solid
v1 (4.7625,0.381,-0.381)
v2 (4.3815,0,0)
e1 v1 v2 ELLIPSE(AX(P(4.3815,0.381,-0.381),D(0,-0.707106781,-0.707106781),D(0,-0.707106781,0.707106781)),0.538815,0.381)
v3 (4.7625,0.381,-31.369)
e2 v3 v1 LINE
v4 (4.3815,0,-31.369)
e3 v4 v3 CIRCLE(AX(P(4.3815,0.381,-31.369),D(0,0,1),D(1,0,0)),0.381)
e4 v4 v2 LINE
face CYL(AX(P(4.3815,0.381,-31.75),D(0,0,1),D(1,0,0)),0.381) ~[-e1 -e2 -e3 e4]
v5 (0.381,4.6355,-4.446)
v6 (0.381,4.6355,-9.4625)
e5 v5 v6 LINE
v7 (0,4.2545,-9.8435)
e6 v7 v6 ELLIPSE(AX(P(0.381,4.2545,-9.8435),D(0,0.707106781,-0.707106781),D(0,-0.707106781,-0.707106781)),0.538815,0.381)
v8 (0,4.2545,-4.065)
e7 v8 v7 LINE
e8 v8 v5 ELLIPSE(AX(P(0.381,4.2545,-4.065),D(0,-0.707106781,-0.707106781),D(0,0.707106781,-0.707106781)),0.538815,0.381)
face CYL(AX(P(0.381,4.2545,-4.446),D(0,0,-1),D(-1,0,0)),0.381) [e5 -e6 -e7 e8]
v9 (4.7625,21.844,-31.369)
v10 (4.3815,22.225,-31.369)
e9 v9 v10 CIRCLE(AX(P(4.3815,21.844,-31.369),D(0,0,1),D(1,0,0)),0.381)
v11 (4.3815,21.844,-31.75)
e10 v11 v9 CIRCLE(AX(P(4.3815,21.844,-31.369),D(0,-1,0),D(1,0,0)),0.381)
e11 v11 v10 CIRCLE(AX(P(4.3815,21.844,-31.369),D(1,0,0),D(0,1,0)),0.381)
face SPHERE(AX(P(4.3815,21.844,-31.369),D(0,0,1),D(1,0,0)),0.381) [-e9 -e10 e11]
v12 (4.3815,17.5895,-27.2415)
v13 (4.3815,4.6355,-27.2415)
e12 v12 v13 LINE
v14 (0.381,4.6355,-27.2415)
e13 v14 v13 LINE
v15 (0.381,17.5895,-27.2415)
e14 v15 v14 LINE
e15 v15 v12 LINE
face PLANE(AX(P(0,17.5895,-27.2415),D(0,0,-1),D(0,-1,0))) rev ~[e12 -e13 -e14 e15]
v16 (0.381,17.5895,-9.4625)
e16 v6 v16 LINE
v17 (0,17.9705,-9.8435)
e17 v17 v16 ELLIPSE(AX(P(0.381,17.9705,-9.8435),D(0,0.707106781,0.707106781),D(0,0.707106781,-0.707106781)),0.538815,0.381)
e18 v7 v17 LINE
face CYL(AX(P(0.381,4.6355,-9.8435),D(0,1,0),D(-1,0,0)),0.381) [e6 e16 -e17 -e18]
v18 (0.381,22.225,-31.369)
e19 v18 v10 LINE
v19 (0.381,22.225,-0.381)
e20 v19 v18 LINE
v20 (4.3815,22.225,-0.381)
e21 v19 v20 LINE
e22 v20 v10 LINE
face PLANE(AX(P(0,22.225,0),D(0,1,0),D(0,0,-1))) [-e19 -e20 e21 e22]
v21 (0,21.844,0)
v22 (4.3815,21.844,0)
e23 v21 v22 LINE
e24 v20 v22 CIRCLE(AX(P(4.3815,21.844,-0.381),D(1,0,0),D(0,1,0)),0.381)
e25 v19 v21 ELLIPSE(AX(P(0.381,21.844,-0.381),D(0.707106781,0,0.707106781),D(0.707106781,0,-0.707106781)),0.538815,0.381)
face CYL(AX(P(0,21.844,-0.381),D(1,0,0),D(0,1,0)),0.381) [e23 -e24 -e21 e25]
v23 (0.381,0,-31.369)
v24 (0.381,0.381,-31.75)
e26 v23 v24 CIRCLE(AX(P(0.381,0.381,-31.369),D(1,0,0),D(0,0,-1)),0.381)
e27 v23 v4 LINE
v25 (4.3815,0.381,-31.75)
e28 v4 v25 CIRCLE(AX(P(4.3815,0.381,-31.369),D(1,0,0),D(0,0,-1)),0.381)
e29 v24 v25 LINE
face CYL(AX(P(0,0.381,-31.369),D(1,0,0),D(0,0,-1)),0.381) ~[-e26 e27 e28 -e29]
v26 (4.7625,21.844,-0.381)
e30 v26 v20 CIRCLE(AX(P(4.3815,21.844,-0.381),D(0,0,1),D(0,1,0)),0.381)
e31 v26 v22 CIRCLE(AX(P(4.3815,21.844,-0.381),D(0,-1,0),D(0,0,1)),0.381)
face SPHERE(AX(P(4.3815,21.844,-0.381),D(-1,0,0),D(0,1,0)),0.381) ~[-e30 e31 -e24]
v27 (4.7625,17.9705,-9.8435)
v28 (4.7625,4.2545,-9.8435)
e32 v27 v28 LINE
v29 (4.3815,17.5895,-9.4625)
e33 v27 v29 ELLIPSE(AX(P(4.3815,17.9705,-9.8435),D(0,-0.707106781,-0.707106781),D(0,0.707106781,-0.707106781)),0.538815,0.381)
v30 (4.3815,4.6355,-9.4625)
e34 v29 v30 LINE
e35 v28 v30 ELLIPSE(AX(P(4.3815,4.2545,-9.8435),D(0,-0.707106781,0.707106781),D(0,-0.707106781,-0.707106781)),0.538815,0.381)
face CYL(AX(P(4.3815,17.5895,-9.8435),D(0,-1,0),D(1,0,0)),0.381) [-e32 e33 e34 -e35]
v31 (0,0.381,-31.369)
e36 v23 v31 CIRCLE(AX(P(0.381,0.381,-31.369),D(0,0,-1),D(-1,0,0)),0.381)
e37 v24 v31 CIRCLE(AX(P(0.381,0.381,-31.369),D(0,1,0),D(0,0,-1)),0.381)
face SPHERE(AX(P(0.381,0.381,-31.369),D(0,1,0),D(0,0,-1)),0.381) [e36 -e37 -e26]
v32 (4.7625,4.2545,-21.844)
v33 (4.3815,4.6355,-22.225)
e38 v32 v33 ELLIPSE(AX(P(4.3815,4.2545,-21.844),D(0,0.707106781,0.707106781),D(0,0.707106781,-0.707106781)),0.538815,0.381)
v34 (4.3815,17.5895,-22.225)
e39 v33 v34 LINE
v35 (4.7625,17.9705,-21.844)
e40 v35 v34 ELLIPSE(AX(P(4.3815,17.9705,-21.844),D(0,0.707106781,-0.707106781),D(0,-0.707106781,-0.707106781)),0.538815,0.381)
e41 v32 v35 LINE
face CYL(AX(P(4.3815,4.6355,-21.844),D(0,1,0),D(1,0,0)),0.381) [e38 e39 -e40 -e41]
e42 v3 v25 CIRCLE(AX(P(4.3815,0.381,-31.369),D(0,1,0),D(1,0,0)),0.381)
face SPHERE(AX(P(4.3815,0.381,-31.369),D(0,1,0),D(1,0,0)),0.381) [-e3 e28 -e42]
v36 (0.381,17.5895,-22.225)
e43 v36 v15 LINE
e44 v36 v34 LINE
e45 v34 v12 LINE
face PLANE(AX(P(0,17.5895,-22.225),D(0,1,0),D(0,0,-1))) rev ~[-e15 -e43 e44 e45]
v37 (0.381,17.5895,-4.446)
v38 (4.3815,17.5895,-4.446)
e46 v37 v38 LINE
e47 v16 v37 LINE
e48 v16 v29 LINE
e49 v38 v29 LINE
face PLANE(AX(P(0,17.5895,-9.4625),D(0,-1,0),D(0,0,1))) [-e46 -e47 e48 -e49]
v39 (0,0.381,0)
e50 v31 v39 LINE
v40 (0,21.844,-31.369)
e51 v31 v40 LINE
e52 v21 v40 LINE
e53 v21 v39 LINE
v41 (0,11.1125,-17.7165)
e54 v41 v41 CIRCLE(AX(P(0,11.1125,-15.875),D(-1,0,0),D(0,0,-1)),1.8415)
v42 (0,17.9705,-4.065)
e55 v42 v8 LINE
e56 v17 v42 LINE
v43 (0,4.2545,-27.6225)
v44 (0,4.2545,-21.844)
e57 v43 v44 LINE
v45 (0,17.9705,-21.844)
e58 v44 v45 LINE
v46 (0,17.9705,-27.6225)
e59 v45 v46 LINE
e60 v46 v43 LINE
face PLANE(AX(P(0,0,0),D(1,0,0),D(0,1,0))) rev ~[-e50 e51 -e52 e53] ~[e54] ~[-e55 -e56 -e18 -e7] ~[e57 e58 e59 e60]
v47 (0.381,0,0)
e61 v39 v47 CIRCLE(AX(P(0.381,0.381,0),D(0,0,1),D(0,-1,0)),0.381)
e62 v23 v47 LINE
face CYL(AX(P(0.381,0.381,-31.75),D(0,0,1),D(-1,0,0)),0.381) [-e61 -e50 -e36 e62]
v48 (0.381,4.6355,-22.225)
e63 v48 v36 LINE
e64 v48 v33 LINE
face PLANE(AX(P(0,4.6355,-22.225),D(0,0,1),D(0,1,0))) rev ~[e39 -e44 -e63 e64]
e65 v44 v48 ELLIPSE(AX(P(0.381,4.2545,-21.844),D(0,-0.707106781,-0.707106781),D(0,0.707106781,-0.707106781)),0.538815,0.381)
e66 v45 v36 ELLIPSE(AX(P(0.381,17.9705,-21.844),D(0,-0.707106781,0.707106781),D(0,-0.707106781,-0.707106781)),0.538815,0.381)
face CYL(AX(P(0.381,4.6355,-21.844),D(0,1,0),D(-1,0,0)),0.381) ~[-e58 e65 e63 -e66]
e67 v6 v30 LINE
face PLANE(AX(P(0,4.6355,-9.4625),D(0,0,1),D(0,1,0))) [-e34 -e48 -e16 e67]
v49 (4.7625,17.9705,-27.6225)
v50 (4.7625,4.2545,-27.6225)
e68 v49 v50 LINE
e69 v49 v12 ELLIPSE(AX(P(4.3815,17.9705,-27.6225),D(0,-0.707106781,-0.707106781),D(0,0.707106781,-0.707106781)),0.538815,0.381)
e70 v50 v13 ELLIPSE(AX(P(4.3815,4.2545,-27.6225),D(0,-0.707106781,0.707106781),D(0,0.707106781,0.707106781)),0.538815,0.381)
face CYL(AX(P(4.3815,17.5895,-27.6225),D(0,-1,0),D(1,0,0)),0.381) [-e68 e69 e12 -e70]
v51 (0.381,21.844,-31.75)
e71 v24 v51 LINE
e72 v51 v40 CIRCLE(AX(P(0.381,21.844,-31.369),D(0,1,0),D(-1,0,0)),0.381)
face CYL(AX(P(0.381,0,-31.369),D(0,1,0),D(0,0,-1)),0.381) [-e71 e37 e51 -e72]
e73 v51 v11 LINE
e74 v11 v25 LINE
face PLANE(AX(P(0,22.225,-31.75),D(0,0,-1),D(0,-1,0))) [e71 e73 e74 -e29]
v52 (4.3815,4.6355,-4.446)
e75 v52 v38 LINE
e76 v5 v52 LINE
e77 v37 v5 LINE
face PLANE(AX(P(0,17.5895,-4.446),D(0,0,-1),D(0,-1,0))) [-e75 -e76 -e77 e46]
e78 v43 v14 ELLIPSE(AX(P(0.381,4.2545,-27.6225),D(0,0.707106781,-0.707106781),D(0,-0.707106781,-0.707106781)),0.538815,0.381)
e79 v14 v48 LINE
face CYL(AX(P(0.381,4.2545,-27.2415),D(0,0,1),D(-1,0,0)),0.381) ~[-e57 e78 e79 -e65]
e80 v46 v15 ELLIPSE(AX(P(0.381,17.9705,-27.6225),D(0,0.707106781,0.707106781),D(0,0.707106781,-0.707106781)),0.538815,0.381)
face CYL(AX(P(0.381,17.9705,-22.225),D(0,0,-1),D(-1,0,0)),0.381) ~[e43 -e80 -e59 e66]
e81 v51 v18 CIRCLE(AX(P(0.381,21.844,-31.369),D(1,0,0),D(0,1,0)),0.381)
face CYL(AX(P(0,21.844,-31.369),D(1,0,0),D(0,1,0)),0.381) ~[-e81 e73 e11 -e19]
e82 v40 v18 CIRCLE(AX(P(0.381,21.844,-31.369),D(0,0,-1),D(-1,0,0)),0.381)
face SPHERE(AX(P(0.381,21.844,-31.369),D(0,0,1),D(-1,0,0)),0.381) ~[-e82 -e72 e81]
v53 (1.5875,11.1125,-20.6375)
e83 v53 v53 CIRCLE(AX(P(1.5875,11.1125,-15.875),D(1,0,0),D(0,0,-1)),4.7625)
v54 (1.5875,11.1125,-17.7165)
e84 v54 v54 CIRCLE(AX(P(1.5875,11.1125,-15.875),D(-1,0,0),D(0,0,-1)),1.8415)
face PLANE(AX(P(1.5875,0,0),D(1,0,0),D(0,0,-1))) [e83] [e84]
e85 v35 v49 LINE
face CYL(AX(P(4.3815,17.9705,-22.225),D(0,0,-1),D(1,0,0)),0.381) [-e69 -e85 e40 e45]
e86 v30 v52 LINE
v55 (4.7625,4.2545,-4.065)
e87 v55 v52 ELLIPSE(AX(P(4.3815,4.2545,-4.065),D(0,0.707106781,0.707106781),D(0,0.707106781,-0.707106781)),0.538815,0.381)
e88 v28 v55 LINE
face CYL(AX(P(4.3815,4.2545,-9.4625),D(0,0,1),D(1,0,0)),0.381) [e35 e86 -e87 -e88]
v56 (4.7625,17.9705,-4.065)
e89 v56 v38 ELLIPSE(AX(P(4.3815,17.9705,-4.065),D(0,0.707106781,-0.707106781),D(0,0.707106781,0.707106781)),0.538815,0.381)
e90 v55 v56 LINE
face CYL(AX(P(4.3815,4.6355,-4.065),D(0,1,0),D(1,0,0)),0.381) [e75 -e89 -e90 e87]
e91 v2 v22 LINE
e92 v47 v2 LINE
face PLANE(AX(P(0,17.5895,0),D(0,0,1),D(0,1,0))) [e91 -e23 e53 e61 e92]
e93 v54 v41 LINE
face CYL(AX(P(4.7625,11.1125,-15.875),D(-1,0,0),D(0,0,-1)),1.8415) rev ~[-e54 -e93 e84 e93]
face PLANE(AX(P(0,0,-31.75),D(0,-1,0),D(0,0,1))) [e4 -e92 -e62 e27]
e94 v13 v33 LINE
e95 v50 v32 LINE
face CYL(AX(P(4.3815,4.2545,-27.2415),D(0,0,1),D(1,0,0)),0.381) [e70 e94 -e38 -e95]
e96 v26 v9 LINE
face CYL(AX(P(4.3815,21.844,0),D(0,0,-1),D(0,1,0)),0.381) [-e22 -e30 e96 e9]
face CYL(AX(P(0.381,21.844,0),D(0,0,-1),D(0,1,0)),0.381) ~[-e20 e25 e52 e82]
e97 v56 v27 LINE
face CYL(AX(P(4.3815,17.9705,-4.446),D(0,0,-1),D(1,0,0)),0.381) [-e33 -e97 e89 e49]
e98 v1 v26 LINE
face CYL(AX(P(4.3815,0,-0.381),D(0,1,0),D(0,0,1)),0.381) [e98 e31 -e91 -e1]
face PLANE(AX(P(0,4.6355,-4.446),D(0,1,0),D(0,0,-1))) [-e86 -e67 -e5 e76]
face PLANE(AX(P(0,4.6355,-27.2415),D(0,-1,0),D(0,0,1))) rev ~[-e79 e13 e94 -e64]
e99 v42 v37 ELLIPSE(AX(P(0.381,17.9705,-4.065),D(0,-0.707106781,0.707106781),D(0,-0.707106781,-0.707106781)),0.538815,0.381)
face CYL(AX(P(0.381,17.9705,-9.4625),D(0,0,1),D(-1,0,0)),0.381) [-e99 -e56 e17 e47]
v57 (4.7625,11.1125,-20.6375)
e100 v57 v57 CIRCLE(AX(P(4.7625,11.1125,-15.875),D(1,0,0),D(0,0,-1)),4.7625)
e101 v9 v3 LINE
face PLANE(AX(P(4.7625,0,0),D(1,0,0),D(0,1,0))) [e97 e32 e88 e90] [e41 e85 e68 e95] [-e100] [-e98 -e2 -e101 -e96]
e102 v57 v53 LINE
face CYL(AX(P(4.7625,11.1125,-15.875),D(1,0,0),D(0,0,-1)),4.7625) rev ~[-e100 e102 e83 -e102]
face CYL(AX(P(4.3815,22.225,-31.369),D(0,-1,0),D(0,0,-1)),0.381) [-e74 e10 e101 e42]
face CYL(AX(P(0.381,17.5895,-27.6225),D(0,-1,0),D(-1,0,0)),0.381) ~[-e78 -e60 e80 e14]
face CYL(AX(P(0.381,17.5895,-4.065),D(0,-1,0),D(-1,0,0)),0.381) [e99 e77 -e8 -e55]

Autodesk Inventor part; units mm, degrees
ref_plane "YZ Plane" through (0, 0, 0) normal (1, 0, 0) x (0, 1, 0)
ref_plane "XZ Plane" through (0, 0, 0) normal (0, 1, 0) x (-1, 0, 0)
ref_plane "XY Plane" through (0, 0, 0) normal (0, 0, 1) x (1, 0, 0)
sketch "Sketch1" plane through (0, 0, 0) normal (1, 0, 0) x (0, 1, 0)
  line L0 (22.225, 0) -> (22.225, -31.75)
  line L1 (22.225, -31.75) -> (0, -31.75)
  line L2 (0, -31.75) -> (0, 0)
  line L3 (17.5895, -4.446) -> (4.5769, -4.446)
  line L4 (6.35, -31.75) -> (25.4, -31.75)
  line L5 (0, 0) -> (4.7625, 0)
  line L6 (17.5895, 0) -> (22.225, 0)
  line L7 (4.6355, -22.225) -> (17.5895, -22.225)
  line L8 (17.5895, -22.225) -> (17.5895, -27.2415)
  line L9 (17.5895, -27.2415) -> (4.6355, -27.2415)
  line L10 (4.6355, -27.2415) -> (4.6355, -22.225)
  line L11 (22.225, 0) -> (0, 0)
  line L12 (17.5895, -4.446) -> (4.6355, -4.446)
  line L13 (4.6355, -4.446) -> (4.6355, -9.4625)
  line L14 (4.6355, -9.4625) -> (17.5895, -9.4625)
  line L15 (17.5895, -9.4625) -> (17.5895, -4.446)
  dimension "d8" = 12.954
  dimension "d9" = 5.0165
  dimension "d10" = 4.5085
  dimension "d11" = 4.6355
  dimension "d28" = 4.6355
  dimension "d37" = 31.75
  dimension "d38" = 31.75
  dimension "d43" = 5.0165
  dimension "d48" = 12.954
  dimension "d49" = 4.6355
extrude "Extrusion1" add sketch "Sketch1" along normal blind 4.7625 contours L0 L1 L2 L5 L11 L6 | L15 L14 L13 L3
sketch "Sketch2" plane through (4.7625, 0, 0) normal (1, 0, 0) x (0, 0, -1)
  line L0 (22.225, 17.5895) -> (27.2415, 17.5895) projected
  line L1 (27.2415, 17.5895) -> (27.2415, 4.6355) projected
  line L2 (27.2415, 4.6355) -> (22.225, 4.6355) projected
  line L3 (22.225, 4.6355) -> (22.225, 17.5895) projected
  line L4 (0, 0) -> (31.75, 0) projected
  line L5 (31.75, 0) -> (31.75, 22.225) projected
  line L6 (31.75, 22.225) -> (0, 22.225) projected
  circle A0 centre (15.875, 11.1125) radius 4.7625
  line L7 (0, 22.225) -> (0, 0) projected
  dimension "d14" = 9.525
  dimension "d15" = 11.1125
  dimension "d39" = 22.225
  dimension "d52" = 31.75
  dimension "d53" = 15.875
extrude "Extrusion2" cut sketch "Sketch2" against normal blind 3.175 contours A0
extrude "Extrusion5" cut sketch "Sketch1" along normal blind 25.4 contours L15 L14 L13 L3
sketch "Sketch5" plane through (4.7625, 0, 0) normal (1, 0, 0) x (0, 0, -1)
  circle A0 centre (15.875, 11.1125) radius 4.7625 projected
  point P0 (0, 0)
hole "Hole1" at (4.7625, 11.1125, -15.875) direction (-1, 0, 0) diameter 3.683 depth 14.9352 tip angle 118 thread size "10-24 UNC" class "2B" standard "ANSI Unified Screw Threads"
fillet "Fillet1" radius 0.381 26 edges at (0, 22.225, -15.875) (2.3813, 22.225, 0) (4.7625, 22.225, -15.875) (4.7625, 11.1125, -31.75) (0, 11.1125, -31.75) (4.7625, 0, -15.875) (2.3813, 0, -31.75) (4.7625, 11.1125, 0) (4.7625, 11.1125, -4.446) (4.7625, 17.5895, -6.9542) (4.7625, 11.1125, -9.4625) (4.7625, 4.6355, -6.9542) (0, 4.6355, -6.9542) (0, 11.1125, -4.446) (2.3813, 22.225, -31.75) (4.7625, 17.5895, -24.7332) (4.7625, 11.1125, -22.225) (4.7625, 4.6355, -24.7332) (4.7625, 11.1125, -27.2415) (0, 17.5895, -24.7332) (0, 11.1125, -27.2415) (0, 11.1125, -22.225) (0, 4.6355, -24.7332) (0, 11.1125, -9.4625) (0, 17.5895, -6.9542) (0, 0, -15.875)
equation "\"d28\" = d11"
equation "\"d38\" = d37"
equation "\"d15\" = 0.5 * d39"
equation "\"d53\" = 0.5 * d52"
equation "\"d32\" = 0.5 * d31"
equation "\"d31\" = 6.274854"
properties part number "TensionerPlate"
